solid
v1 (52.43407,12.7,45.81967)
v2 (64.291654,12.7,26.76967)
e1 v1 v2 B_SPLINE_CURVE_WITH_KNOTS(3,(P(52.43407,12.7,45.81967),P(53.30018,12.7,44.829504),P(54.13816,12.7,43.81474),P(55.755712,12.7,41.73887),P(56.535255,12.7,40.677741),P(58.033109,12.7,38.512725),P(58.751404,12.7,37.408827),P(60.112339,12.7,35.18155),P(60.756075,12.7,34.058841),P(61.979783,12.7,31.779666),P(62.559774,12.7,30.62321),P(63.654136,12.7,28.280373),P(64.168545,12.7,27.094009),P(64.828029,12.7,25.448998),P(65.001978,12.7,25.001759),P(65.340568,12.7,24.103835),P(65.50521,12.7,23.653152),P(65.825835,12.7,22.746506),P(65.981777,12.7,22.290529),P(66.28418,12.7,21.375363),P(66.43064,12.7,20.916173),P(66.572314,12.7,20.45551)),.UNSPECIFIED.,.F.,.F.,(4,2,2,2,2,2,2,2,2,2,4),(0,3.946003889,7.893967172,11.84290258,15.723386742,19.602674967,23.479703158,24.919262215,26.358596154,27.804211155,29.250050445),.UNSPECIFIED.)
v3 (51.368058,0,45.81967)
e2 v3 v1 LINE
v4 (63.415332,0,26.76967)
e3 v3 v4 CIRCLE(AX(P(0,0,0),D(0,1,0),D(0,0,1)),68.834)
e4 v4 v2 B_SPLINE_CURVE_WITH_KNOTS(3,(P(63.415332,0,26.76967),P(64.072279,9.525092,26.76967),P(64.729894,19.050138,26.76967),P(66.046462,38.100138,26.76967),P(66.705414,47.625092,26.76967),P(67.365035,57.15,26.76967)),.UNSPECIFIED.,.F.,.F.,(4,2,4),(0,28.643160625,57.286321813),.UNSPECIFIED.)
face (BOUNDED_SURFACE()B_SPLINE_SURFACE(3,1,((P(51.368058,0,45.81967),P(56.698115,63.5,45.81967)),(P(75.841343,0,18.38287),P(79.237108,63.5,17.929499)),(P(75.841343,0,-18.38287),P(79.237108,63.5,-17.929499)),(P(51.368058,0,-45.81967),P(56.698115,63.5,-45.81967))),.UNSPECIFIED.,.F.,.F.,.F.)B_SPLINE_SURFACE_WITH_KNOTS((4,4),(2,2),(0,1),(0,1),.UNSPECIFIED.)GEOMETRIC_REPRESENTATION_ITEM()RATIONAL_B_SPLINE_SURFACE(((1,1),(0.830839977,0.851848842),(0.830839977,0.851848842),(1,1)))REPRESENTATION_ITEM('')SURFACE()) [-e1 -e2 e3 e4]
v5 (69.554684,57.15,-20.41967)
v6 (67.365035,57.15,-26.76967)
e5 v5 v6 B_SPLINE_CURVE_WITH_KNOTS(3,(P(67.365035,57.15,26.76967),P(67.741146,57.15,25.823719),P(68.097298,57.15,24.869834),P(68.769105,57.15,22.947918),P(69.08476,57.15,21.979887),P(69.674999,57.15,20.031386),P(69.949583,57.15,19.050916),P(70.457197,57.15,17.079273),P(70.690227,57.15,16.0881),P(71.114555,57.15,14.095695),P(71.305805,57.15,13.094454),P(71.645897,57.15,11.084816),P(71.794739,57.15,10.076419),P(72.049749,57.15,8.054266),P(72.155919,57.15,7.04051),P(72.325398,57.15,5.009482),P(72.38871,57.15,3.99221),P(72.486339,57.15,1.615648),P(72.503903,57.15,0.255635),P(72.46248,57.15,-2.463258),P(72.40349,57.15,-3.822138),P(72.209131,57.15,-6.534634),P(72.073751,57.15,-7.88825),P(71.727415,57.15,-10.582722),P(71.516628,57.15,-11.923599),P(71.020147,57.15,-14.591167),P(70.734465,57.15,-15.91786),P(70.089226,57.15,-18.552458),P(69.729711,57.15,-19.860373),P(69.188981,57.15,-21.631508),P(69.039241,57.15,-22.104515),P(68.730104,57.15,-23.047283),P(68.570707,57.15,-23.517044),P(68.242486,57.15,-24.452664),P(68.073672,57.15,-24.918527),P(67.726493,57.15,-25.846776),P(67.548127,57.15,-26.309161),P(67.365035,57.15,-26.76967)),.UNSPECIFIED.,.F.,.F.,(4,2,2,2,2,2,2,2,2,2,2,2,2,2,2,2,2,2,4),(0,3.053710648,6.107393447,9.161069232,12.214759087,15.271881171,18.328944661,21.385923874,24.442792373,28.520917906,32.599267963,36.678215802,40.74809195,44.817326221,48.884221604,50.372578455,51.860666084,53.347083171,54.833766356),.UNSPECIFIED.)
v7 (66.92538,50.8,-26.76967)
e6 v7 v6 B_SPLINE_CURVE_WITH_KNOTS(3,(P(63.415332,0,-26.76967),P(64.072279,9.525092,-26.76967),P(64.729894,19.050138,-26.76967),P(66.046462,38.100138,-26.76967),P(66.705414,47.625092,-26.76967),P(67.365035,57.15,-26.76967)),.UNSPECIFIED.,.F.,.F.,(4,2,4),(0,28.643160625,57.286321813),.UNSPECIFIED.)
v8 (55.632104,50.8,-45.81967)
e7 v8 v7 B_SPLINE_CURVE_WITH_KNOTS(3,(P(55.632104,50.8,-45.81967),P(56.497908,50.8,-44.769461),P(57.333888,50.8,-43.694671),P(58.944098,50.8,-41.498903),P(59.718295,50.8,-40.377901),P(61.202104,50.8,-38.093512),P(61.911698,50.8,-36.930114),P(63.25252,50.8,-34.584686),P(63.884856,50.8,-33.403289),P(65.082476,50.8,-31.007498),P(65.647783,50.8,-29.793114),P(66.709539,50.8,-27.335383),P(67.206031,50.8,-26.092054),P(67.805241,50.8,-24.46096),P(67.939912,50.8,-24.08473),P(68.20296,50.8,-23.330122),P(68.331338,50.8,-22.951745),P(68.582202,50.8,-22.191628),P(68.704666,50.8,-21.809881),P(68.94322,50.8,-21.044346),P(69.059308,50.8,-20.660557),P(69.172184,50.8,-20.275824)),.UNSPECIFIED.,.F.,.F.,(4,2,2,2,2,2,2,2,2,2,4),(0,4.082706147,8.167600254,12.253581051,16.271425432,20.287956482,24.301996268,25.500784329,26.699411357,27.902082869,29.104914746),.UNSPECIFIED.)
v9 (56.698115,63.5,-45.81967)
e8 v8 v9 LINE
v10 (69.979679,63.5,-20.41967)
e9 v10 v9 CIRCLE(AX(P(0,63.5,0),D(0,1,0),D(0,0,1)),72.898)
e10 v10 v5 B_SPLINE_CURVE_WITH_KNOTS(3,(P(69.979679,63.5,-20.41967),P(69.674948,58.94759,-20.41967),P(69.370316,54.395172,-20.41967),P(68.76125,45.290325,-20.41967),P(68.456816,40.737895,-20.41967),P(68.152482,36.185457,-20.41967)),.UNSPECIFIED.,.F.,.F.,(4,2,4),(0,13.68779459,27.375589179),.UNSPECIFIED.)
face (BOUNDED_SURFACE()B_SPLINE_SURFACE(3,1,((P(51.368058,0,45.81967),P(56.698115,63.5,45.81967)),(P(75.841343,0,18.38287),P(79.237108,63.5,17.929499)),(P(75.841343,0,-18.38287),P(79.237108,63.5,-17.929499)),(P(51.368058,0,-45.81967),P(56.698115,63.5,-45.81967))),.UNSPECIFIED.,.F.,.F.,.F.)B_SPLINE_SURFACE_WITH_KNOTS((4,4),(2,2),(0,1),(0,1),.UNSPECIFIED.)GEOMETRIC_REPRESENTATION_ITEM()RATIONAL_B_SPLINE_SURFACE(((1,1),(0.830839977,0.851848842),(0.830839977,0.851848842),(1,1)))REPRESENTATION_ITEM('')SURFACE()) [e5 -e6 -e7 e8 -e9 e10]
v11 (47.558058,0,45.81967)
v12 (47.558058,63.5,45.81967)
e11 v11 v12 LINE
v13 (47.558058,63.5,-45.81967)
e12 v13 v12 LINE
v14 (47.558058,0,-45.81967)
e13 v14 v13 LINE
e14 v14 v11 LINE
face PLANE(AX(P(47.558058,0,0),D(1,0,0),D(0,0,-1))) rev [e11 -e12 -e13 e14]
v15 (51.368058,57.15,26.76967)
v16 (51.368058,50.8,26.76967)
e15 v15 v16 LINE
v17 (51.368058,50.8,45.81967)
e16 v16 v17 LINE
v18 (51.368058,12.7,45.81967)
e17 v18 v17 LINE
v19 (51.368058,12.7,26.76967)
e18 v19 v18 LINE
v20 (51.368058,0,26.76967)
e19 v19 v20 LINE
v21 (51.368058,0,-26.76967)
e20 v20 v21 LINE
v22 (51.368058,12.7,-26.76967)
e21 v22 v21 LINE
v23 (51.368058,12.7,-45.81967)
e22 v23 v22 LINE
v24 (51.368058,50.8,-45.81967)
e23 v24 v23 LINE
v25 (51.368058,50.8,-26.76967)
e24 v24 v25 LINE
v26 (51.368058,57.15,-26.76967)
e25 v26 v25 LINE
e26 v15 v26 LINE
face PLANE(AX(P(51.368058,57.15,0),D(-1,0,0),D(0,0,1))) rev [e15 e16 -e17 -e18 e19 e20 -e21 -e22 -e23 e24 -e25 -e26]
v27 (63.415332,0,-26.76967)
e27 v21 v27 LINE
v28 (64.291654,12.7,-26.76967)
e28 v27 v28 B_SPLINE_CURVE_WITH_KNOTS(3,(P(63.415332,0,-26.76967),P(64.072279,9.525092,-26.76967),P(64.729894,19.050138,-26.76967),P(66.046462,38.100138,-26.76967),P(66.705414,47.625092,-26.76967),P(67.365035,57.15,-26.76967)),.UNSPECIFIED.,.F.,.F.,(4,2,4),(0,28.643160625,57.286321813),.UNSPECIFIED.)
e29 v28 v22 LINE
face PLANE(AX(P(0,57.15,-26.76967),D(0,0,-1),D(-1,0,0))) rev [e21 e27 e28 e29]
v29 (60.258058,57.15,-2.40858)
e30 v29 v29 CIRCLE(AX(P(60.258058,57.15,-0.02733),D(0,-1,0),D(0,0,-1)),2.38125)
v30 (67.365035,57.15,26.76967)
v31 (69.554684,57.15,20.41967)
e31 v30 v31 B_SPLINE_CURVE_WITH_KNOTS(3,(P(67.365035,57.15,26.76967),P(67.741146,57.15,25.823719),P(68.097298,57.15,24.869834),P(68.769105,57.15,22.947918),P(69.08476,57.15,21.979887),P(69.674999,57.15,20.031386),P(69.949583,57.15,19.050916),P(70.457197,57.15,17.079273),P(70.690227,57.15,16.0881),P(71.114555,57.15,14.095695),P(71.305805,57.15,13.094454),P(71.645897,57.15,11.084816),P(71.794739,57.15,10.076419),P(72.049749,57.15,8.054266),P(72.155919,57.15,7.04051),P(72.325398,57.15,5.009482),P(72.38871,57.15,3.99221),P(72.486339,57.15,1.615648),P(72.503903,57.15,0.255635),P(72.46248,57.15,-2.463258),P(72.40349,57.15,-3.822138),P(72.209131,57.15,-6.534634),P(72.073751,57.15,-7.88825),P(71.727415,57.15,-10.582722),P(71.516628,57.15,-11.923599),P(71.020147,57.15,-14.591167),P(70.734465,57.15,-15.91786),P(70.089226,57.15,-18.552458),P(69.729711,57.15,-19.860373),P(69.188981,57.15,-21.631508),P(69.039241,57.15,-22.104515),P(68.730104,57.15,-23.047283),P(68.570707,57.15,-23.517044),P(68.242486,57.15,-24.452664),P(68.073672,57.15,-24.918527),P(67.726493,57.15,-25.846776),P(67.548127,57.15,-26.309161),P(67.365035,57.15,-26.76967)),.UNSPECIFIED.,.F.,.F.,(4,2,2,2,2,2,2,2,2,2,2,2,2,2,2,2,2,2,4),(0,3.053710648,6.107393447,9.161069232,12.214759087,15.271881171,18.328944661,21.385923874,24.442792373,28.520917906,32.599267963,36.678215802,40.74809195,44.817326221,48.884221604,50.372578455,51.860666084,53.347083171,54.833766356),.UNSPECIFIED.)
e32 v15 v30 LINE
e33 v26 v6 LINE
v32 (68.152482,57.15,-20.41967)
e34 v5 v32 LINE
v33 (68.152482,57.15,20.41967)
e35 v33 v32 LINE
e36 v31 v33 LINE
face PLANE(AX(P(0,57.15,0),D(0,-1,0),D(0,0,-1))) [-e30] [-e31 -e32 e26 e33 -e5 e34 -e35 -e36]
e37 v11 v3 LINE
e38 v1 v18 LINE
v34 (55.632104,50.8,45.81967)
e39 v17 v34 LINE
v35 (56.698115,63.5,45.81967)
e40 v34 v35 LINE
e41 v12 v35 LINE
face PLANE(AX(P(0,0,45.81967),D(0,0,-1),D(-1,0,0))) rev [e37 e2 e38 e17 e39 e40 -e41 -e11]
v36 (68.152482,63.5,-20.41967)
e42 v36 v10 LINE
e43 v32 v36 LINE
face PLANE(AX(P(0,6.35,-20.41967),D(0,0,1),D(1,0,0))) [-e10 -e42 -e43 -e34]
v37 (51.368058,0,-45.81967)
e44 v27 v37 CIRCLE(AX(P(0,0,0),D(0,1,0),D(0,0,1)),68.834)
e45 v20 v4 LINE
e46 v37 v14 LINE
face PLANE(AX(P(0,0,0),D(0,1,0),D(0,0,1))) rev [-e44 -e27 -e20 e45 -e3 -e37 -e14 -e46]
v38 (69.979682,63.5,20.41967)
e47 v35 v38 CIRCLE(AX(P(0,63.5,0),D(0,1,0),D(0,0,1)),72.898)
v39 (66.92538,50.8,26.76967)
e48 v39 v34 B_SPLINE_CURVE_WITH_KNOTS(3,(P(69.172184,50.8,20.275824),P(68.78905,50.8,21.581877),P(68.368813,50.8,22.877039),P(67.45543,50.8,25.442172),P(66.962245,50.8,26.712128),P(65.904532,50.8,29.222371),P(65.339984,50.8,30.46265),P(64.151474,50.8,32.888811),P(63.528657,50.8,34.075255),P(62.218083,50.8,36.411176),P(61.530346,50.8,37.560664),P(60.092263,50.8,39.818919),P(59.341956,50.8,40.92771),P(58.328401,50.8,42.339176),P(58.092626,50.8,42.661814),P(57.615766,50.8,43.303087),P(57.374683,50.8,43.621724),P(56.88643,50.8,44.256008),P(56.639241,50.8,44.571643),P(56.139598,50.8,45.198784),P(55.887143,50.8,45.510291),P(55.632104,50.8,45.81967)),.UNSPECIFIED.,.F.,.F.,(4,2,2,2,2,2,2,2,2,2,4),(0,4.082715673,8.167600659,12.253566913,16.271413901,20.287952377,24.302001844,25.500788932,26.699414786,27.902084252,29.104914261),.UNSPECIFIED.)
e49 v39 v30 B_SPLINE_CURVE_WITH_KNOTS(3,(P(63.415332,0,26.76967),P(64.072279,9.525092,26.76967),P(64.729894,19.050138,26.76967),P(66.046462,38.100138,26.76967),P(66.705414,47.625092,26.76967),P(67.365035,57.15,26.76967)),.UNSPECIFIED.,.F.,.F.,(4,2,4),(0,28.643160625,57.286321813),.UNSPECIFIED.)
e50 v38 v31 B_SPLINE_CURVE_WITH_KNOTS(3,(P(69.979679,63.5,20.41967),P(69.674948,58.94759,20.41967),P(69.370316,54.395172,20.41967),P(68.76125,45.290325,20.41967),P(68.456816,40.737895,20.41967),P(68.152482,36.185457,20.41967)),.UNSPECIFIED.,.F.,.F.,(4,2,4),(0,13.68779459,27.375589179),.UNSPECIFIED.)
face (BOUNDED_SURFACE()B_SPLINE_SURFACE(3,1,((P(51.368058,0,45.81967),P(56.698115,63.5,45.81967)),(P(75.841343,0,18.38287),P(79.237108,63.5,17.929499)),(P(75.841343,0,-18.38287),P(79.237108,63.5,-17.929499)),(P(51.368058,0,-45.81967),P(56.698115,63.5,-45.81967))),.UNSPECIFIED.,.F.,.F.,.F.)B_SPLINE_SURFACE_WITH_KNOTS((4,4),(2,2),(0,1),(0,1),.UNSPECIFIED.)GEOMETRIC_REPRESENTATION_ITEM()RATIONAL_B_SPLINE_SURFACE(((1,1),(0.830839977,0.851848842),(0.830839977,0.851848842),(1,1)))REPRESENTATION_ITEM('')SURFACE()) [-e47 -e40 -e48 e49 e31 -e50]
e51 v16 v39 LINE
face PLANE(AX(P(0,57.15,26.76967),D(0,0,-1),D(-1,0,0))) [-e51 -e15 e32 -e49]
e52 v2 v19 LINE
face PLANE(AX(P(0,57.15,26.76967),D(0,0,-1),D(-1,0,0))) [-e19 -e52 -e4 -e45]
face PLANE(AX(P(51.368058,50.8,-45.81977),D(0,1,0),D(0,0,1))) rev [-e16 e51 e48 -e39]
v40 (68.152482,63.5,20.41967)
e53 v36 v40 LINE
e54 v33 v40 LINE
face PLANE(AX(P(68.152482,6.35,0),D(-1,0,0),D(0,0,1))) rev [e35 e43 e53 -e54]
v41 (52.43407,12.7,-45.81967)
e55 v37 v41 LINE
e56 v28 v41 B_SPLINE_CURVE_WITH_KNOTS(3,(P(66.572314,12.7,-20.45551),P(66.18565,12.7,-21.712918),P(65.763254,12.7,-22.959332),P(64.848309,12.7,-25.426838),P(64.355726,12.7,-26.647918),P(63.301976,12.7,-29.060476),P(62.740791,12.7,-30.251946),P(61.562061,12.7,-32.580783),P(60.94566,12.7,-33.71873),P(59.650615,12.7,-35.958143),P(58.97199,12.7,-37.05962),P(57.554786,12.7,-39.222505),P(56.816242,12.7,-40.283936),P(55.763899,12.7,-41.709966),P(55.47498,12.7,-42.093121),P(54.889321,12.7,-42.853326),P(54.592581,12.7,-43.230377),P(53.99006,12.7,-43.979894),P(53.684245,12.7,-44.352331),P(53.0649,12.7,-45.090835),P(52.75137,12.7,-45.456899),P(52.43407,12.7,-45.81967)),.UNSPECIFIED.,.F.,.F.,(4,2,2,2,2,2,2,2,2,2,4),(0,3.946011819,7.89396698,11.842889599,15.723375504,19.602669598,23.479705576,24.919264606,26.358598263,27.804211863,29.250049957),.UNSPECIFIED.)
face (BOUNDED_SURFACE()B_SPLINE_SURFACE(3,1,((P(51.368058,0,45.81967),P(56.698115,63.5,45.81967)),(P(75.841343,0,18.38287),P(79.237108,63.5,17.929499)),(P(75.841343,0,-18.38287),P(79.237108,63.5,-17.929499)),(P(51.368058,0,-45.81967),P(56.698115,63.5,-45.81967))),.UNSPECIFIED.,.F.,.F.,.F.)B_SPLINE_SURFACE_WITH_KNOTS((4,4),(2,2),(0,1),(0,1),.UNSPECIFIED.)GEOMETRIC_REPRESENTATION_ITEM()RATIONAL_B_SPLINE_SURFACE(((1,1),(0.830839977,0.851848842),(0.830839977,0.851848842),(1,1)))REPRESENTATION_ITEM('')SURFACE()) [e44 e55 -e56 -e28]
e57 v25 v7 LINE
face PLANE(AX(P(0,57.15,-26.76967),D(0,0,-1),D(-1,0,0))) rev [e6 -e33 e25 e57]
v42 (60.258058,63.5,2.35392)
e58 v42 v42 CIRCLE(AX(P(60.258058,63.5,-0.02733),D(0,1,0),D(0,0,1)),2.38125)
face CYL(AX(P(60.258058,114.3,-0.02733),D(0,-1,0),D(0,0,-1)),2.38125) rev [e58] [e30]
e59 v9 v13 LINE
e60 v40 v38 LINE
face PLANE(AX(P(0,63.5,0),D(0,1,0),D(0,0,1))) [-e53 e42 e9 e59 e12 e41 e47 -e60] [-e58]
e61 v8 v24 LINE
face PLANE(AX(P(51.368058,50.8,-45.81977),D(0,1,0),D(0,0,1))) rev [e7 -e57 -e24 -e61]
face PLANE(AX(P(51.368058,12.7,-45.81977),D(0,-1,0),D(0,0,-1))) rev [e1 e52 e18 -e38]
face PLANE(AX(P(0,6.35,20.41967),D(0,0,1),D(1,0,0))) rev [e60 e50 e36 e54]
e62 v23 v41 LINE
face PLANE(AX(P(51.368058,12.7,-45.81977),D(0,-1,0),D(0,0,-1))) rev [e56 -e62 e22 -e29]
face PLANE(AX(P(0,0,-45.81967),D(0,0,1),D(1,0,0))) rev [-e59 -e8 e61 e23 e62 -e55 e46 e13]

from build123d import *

# Parameters (mm, degrees)
CUT_EXTRUDE1_DEPTH      = 57.15
CUT_EXTRUDE2_DEPTH      = 57.15
CUT_EXTRUDE3_DEPTH      = 106.018320578
CUT_EXTRUDE3_DEPTH_BACK = 106.018320578
SKETCH7_W               = 43.8822002
SKETCH7_H               = 38.1
SKETCH8_R               = 2.38125
CUT_EXTRUDE4_DEPTH      = 57.15


with BuildPart() as part:
    # Sketch1 for Loft1 → Loft1 section 0
    with BuildSketch(Plane(origin=(0, 0, 0), x_dir=(1, 0, 0), z_dir=(0, 1, 0))):
        with BuildLine():
            Line((47.55805847, 45.81966963), (47.55805847, -45.81966963))
            Line((47.55805847, -45.81966963), (51.36805847, -45.81966963))
            # circular arc as an exact rational Bezier (weights 1, cos(half-angle), 1)
            Bezier((51.36805847, -45.81966963), (92.238634224, 0), (51.36805847, 45.81966963), weights=[1, 0.746259966, 1])
            Line((51.36805847, 45.81966963), (47.55805847, 45.81966963))
        make_face()
    # Sketch2 for Loft1 → Loft1 section 1
    with BuildSketch(Plane(origin=(0, 63.5, 0), x_dir=(1, 0, 0), z_dir=(0, 1, 0))):
        with BuildLine():
            Line((47.55805847, 45.81966963), (47.55805847, -45.81966963))
            Line((47.55805847, -45.81966963), (56.698115303, -45.81966963))
            Bezier((56.698115303, -45.81966963), (93.726544094, 0), (56.698115303, 45.81966963), weights=[1, 0.777773263, 1])
            Line((56.698115303, 45.81966963), (47.55805847, 45.81966963))
        make_face()
    loft()

    # Sketch5 → Cut-Extrude1 (cut)
    with BuildSketch(Plane.XZ):
        with BuildLine():
            ThreePointArc((63.415332088, -26.76966963), (68.834, 0), (63.415332088, 26.76966963))
            Line((63.415332088, 26.76966963), (51.36805847, 26.76966963))
            Line((51.36805847, 26.76966963), (51.36805847, -26.76966963))
            Line((51.36805847, -26.76966963), (63.415332088, -26.76966963))
        make_face()
        with BuildLine():
            Line((102.991666241, 26.76966963), (63.415332088, 26.76966963))
            ThreePointArc((63.415332088, 26.76966963), (68.834, 0), (63.415332088, -26.76966963))
            Line((63.415332088, -26.76966963), (102.991666241, -26.76966963))
            Line((102.991666241, -26.76966963), (102.991666241, 26.76966963))
        make_face()
    extrude(amount=-CUT_EXTRUDE1_DEPTH, mode=Mode.SUBTRACT)

    # Sketch6 → Cut-Extrude2 (cut)
    with BuildSketch(Plane(origin=(0, 63.5, 0), x_dir=(1, 0, 0), z_dir=(0, 1, 0))):
        with BuildLine():
            Line((103.737826736, 20.41966963), (69.979679166, 20.41966963))
            add(Edge.make_bspline(
                [(69.979679166, -20.419669631), (75.938021828, 0), (69.979679166, 20.419669631)],
                knots=[0.297886949, 0.297886949, 0.297886949, 0.702113051, 0.702113051, 0.702113051], degree=2, weights=[0.907042416, 0.870730847, 0.907042416]))
            Line((69.979679166, -20.41966963), (103.737826736, -20.41966963))
            Line((103.737826736, -20.41966963), (103.737826736, 20.41966963))
        make_face()
        with BuildLine():
            add(Edge.make_bspline(
                [(69.979679166, -20.419669631), (75.938021828, 0), (69.979679166, 20.419669631)],
                knots=[0.297886949, 0.297886949, 0.297886949, 0.702113051, 0.702113051, 0.702113051], degree=2, weights=[0.907042416, 0.870730847, 0.907042416]))
            Line((69.979679166, 20.41966963), (68.152482199, 20.41966963))
            Line((68.152482199, 20.41966963), (68.152482199, -20.41966963))
            Line((68.152482199, -20.41966963), (69.979679166, -20.41966963))
        make_face()
    extrude(amount=-CUT_EXTRUDE2_DEPTH, mode=Mode.SUBTRACT)

    # Sketch7 → Cut-Extrude3 (cut, two sides: drawn at the far end of the back side and taken through both)
    with BuildSketch(Plane.XY.offset(-CUT_EXTRUDE3_DEPTH_BACK)):
        with Locations((73.30915857, 31.75)):
            Rectangle(SKETCH7_W, SKETCH7_H)
    extrude(amount=CUT_EXTRUDE3_DEPTH + CUT_EXTRUDE3_DEPTH_BACK, mode=Mode.SUBTRACT)

    # Sketch8 → Cut-Extrude4 (cut)
    with BuildSketch(Plane.XZ.offset(-57.15)):
        with Locations(Location((60.25805847, -0.02733037, 0), (0, 0, 270))):
            Circle(SKETCH8_R)
    extrude(amount=-CUT_EXTRUDE4_DEPTH, mode=Mode.SUBTRACT)


solid = part.part
